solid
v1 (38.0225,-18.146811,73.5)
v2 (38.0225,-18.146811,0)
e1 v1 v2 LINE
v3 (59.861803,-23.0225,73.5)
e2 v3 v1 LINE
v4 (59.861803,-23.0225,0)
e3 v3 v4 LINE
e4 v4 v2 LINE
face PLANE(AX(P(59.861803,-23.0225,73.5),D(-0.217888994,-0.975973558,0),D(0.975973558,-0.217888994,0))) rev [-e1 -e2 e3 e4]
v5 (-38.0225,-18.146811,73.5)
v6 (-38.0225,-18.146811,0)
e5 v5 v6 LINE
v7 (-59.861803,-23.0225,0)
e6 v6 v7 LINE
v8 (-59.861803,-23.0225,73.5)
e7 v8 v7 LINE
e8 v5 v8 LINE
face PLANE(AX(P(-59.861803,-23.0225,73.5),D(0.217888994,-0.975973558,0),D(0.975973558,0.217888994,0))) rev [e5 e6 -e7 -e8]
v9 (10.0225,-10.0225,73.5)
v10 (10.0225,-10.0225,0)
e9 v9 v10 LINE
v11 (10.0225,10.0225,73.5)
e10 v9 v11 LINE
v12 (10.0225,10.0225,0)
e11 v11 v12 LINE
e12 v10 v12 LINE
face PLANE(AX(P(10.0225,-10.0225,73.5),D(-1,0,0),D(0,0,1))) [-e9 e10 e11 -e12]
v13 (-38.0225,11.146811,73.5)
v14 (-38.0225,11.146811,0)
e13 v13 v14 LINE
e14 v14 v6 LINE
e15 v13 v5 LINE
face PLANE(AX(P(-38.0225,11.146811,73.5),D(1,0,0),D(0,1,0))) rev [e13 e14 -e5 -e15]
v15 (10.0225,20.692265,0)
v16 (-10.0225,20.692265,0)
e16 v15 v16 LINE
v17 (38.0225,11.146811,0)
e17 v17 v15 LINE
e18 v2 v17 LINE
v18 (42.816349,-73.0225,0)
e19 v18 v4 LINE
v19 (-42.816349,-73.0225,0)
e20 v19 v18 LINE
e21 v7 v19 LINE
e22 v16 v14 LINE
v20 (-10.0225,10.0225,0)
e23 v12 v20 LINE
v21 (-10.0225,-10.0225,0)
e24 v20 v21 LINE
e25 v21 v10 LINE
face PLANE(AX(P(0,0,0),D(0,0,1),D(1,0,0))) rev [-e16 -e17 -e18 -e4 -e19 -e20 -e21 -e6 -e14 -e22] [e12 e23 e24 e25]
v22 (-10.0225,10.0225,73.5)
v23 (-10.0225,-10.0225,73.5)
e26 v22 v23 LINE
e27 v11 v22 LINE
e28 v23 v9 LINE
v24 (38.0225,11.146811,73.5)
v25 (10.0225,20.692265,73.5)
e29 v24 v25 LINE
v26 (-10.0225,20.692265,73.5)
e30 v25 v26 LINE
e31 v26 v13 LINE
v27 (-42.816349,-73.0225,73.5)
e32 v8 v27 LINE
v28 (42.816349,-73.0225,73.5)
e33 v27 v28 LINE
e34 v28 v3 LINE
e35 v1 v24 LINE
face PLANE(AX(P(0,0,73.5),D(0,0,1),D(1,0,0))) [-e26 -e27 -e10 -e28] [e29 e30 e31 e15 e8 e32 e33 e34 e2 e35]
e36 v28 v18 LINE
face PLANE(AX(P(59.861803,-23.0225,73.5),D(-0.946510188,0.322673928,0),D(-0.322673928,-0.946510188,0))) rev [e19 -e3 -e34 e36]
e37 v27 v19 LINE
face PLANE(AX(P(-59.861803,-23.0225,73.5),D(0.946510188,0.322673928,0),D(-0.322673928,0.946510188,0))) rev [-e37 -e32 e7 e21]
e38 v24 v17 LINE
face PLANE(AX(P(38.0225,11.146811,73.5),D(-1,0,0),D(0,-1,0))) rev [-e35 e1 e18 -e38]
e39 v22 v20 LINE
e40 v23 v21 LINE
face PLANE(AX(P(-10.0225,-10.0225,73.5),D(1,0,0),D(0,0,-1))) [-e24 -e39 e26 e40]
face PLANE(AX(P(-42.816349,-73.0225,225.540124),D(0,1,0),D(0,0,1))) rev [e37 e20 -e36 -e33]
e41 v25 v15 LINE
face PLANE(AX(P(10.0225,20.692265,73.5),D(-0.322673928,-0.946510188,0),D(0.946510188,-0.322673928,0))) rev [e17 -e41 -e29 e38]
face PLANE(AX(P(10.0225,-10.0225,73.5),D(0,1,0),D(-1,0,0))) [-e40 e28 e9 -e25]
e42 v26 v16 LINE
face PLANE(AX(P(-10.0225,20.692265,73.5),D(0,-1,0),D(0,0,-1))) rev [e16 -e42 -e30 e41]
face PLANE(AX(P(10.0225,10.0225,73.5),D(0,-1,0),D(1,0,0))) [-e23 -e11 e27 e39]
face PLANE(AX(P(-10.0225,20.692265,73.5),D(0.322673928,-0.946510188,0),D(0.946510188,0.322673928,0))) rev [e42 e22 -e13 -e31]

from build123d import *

# Parameters (mm, degrees)
SKETCH1_W                      = 20.045
SKETCH1_H                      = 20.045
BOSS_EXTRUDE1_DEPTH            = 73.5
CUT_EXTRUDE2_DEPTH             = 108.652129543
SKETCH3_RX                     = 9
SKETCH3_RY                     = 5
CUT_EXTRUDE4_DEPTH             = 108.652129543
CUT_EXTRUDE5_DEPTH             = 108.652129714
CUT_EXTRUDE5_DEPTH_BACK        = 108.652129714
SKETCH4_R                      = 7
SKETCH5_R                      = 7
CUT_EXTRUDE6_DEPTH             = 10
CUT_EXTRUDE7_START             = -10
SKETCH6_R                      = 7
CUT_EXTRUDE7_DEPTH             = 10
SKETCH7_R                      = 7.5
CUT_EXTRUDE8_DEPTH             = 10
SKETCH8_R                      = 7
CUT_EXTRUDE9_DEPTH             = 108.652129714
CUT_EXTRUDE9_DIRECTION_2_REACH = 109.652
SKETCH9_R                      = 2.75
CUT_EXTRUDE10_DEPTH            = 15
SKETCH10_R                     = 5.1
CUT_EXTRUDE11_DEPTH            = 4
SKETCH11_W                     = 20.045
SKETCH11_H                     = 20.045
BOSS_EXTRUDE2_DEPTH            = 73.5


with BuildPart() as part:
    # Sketch1 → Boss-Extrude1 (new body)
    with BuildSketch(Plane.XY):
        Polygon((59.861803254, -23.0225), (50.316348709, -51.0225), (-50.316348709, -51.0225), (-59.861803254, -23.0225), (-38.0225, -18.146810718), (-38.0225, 11.146810718), (-10.0225, 20.692265263), (0, 20.692265263), (10.0225, 20.692265263), (38.0225, 11.146810718), (38.0225, -18.146810718), align=None)
        Rectangle(SKETCH1_W, SKETCH1_H, mode=Mode.SUBTRACT)
        Polygon((-12.5, -26.0225), (12.5, -26.0225), (20, -48.0225), (-20, -48.0225), align=None, mode=Mode.SUBTRACT)
        Polygon((15.669537991, -26.0225), (23.169537991, -48.0225), (48.169537991, -48.0225), (55.669537991, -26.0225), align=None, mode=Mode.SUBTRACT)
        Polygon((-15.669537991, -26.0225), (-55.669537991, -26.0225), (-48.169537991, -48.0225), (-23.169537991, -48.0225), align=None, mode=Mode.SUBTRACT)
        Polygon((-13.0225, -23.5), (-13.0225, 16.5), (-35.0225, 9), (-35.0225, -16), align=None, mode=Mode.SUBTRACT)
        Polygon((35.0225, 9), (35.0225, -16), (13.0225, -23.5), (13.0225, 16.5), align=None, mode=Mode.SUBTRACT)
    extrude(amount=BOSS_EXTRUDE1_DEPTH)

    # Sketch2 → Cut-Extrude2 (cut, through all)
    with BuildSketch(Plane.XY):
        Polygon((-17.68804096, -24.0225), (-55.162041129, -24.0225), (-32.517435529, -18.967024579), align=None)
        Polygon((17.68804096, -24.0225), (55.162041129, -24.0225), (32.517435529, -18.967024579), align=None)
    extrude(amount=CUT_EXTRUDE2_DEPTH, mode=Mode.SUBTRACT)

    # Sketch3 → Cut-Extrude4 (cut, through all)
    with BuildSketch(Plane.XY):
        with Locations((0, -18)):
            Ellipse(SKETCH3_RX, SKETCH3_RY)
    extrude(amount=CUT_EXTRUDE4_DEPTH, mode=Mode.SUBTRACT)

    # Sketch4 → Cut-Extrude5 (cut, two sides: drawn at the far end of the back side and taken through both)
    with BuildSketch(Plane(origin=(0, 0, 0), x_dir=(0, 0, -1), z_dir=(1, 0, 0)).offset(-CUT_EXTRUDE5_DEPTH_BACK)):
        with Locations(Location((-36.75, -36.52, 0), (0, 0, 270))):
            Circle(SKETCH4_R)
        with Locations(Location((-58.75, -36.52, 0), (0, 0, 270))):
            Circle(SKETCH4_R)
        with Locations(Location((-14.75, -36.52, 0), (0, 0, 270))):
            Circle(SKETCH4_R)
    extrude(amount=CUT_EXTRUDE5_DEPTH + CUT_EXTRUDE5_DEPTH_BACK, mode=Mode.SUBTRACT)

    # Sketch5 → Cut-Extrude6 (cut)
    with BuildSketch(Plane(origin=(38.0225, 0, 0), x_dir=(0, 0, -1), z_dir=(1, 0, 0))):
        with Locations(Location((-36.75, -3.5, 0), (0, 0, 90))):
            Circle(SKETCH5_R)
        with Locations(Location((-14.75, -3.5, 0), (0, 0, 90))):
            Circle(SKETCH5_R)
        with Locations(Location((-58.75, -3.5, 0), (0, 0, 90))):
            Circle(SKETCH5_R)
    extrude(amount=-CUT_EXTRUDE6_DEPTH, mode=Mode.SUBTRACT)

    # Sketch6 → Cut-Extrude7 (cut)
    with BuildSketch(Plane.ZY.offset(38.0225).offset(CUT_EXTRUDE7_START)):
        with Locations(Location((36.75, -3.5, 0), (0, 0, 90))):
            Circle(SKETCH6_R)
        with Locations(Location((58.75, -3.5, 0), (0, 0, 90))):
            Circle(SKETCH6_R)
        with Locations(Location((14.75, -3.5, 0), (0, 0, 90))):
            Circle(SKETCH6_R)
    extrude(amount=CUT_EXTRUDE7_DEPTH, mode=Mode.SUBTRACT)

    # Sketch7 → Cut-Extrude8 (cut)
    with BuildSketch(Plane.XZ.offset(51.0225)):
        with Locations((0, 36.75)):
            Circle(SKETCH7_R)
        with Locations((35.16, 36.75)):
            Circle(SKETCH7_R)
        with Locations((-35.16, 36.75)):
            Circle(SKETCH7_R)
        with Locations((0, 58.75)):
            Circle(SKETCH7_R)
        with Locations((35.16, 58.75)):
            Circle(SKETCH7_R)
        with Locations((-35.16, 58.75)):
            Circle(SKETCH7_R)
        with Locations((0, 14.75)):
            Circle(SKETCH7_R)
        with Locations((35.16, 14.75)):
            Circle(SKETCH7_R)
        with Locations((-35.16, 14.75)):
            Circle(SKETCH7_R)
    extrude(amount=-CUT_EXTRUDE8_DEPTH, mode=Mode.SUBTRACT)

    # Sketch8 → Cut-Extrude9 (cut)
    with BuildSketch(Plane(origin=(0, 0, 0), x_dir=(1, 0, 0), z_dir=(0, 1, 0))):
        with Locations(Location((23.52, -36.75, 0), (0, 0, 146.422345946))):
            Circle(SKETCH8_R)
        with Locations(Location((23.52, -14.75, 0), (0, 0, 146.422345946))):
            Circle(SKETCH8_R)
        with Locations(Location((23.52, -58.75, 0), (0, 0, 146.422345946))):
            Circle(SKETCH8_R)
        with Locations(Location((-23.52, -58.75, 0), (0, 0, 33.577654054))):
            Circle(SKETCH8_R)
        with Locations(Location((-23.52, -14.75, 0), (0, 0, 33.577654054))):
            Circle(SKETCH8_R)
        with Locations(Location((-23.52, -36.75, 0), (0, 0, 33.577654054))):
            Circle(SKETCH8_R)
    extrude(amount=CUT_EXTRUDE9_DEPTH, mode=Mode.SUBTRACT)

    # Cut-Extrude9 direction 2: up to this face of the body (flat: up to its plane)
    cut_extrude9_direction_2_end = Plane(part.part.faces().sort_by_distance((-36.425041044, -24.0225, 36.75))[0])
    # Sketch8 → Cut-Extrude9 direction 2 (cut, up to the picked face)
    with BuildSketch(Plane(origin=(0, 0, 0), x_dir=(1, 0, 0), z_dir=(0, 1, 0)), mode=Mode.PRIVATE) as cut_extrude9_direction_2_sk1:
        with Locations(Location((23.52, -36.75, 0), (0, 0, 146.422345946))):
            Circle(SKETCH8_R)
    cut_extrude9_direction_2_tool1 = split(extrude(cut_extrude9_direction_2_sk1.sketch, amount=-CUT_EXTRUDE9_DIRECTION_2_REACH, mode=Mode.PRIVATE), bisect_by=cut_extrude9_direction_2_end, keep=Keep.BOTH, mode=Mode.PRIVATE)
    # Sketch8 → Cut-Extrude9 direction 2 (cut, up to the picked face)
    with BuildSketch(Plane(origin=(0, 0, 0), x_dir=(1, 0, 0), z_dir=(0, 1, 0)), mode=Mode.PRIVATE) as cut_extrude9_direction_2_sk2:
        with Locations(Location((23.52, -14.75, 0), (0, 0, 146.422345946))):
            Circle(SKETCH8_R)
    cut_extrude9_direction_2_tool2 = split(extrude(cut_extrude9_direction_2_sk2.sketch, amount=-CUT_EXTRUDE9_DIRECTION_2_REACH, mode=Mode.PRIVATE), bisect_by=cut_extrude9_direction_2_end, keep=Keep.BOTH, mode=Mode.PRIVATE)
    # Sketch8 → Cut-Extrude9 direction 2 (cut, up to the picked face)
    with BuildSketch(Plane(origin=(0, 0, 0), x_dir=(1, 0, 0), z_dir=(0, 1, 0)), mode=Mode.PRIVATE) as cut_extrude9_direction_2_sk3:
        with Locations(Location((23.52, -58.75, 0), (0, 0, 146.422345946))):
            Circle(SKETCH8_R)
    cut_extrude9_direction_2_tool3 = split(extrude(cut_extrude9_direction_2_sk3.sketch, amount=-CUT_EXTRUDE9_DIRECTION_2_REACH, mode=Mode.PRIVATE), bisect_by=cut_extrude9_direction_2_end, keep=Keep.BOTH, mode=Mode.PRIVATE)
    # Sketch8 → Cut-Extrude9 direction 2 (cut, up to the picked face)
    with BuildSketch(Plane(origin=(0, 0, 0), x_dir=(1, 0, 0), z_dir=(0, 1, 0)), mode=Mode.PRIVATE) as cut_extrude9_direction_2_sk4:
        with Locations(Location((-23.52, -58.75, 0), (0, 0, 33.577654054))):
            Circle(SKETCH8_R)
    cut_extrude9_direction_2_tool4 = split(extrude(cut_extrude9_direction_2_sk4.sketch, amount=-CUT_EXTRUDE9_DIRECTION_2_REACH, mode=Mode.PRIVATE), bisect_by=cut_extrude9_direction_2_end, keep=Keep.BOTH, mode=Mode.PRIVATE)
    # Sketch8 → Cut-Extrude9 direction 2 (cut, up to the picked face)
    with BuildSketch(Plane(origin=(0, 0, 0), x_dir=(1, 0, 0), z_dir=(0, 1, 0)), mode=Mode.PRIVATE) as cut_extrude9_direction_2_sk5:
        with Locations(Location((-23.52, -14.75, 0), (0, 0, 33.577654054))):
            Circle(SKETCH8_R)
    cut_extrude9_direction_2_tool5 = split(extrude(cut_extrude9_direction_2_sk5.sketch, amount=-CUT_EXTRUDE9_DIRECTION_2_REACH, mode=Mode.PRIVATE), bisect_by=cut_extrude9_direction_2_end, keep=Keep.BOTH, mode=Mode.PRIVATE)
    # Sketch8 → Cut-Extrude9 direction 2 (cut, up to the picked face)
    with BuildSketch(Plane(origin=(0, 0, 0), x_dir=(1, 0, 0), z_dir=(0, 1, 0)), mode=Mode.PRIVATE) as cut_extrude9_direction_2_sk6:
        with Locations(Location((-23.52, -36.75, 0), (0, 0, 33.577654054))):
            Circle(SKETCH8_R)
    cut_extrude9_direction_2_tool6 = split(extrude(cut_extrude9_direction_2_sk6.sketch, amount=-CUT_EXTRUDE9_DIRECTION_2_REACH, mode=Mode.PRIVATE), bisect_by=cut_extrude9_direction_2_end, keep=Keep.BOTH, mode=Mode.PRIVATE)
    add(cut_extrude9_direction_2_tool1.solids().sort_by(Axis((23.52, 0, 36.75), (0, -1, 0)))[0], mode=Mode.SUBTRACT)
    add(cut_extrude9_direction_2_tool2.solids().sort_by(Axis((23.52, 0, 14.75), (0, -1, 0)))[0], mode=Mode.SUBTRACT)
    add(cut_extrude9_direction_2_tool3.solids().sort_by(Axis((23.52, 0, 58.75), (0, -1, 0)))[0], mode=Mode.SUBTRACT)
    add(cut_extrude9_direction_2_tool4.solids().sort_by(Axis((-23.52, 0, 58.75), (0, -1, 0)))[0], mode=Mode.SUBTRACT)
    add(cut_extrude9_direction_2_tool5.solids().sort_by(Axis((-23.52, 0, 14.75), (0, -1, 0)))[0], mode=Mode.SUBTRACT)
    add(cut_extrude9_direction_2_tool6.solids().sort_by(Axis((-23.52, 0, 36.75), (0, -1, 0)))[0], mode=Mode.SUBTRACT)

    # Sketch9 → Cut-Extrude10 (cut)
    with BuildSketch(Plane(origin=(0, 20.692265263, 0), x_dir=(1, 0, 0), z_dir=(0, 1, 0))):
        with Locations(Location((0, -10, 0), (0, 0, 180))):
            Circle(SKETCH9_R)
        with Locations((0, -63.5)):
            Circle(SKETCH9_R)
    extrude(amount=-CUT_EXTRUDE10_DEPTH, mode=Mode.SUBTRACT)

    # Sketch10 → Cut-Extrude11 (cut)
    with BuildSketch(Plane(origin=(0, 20.692265263, 0), x_dir=(1, 0, 0), z_dir=(0, 1, 0))):
        with Locations(Location((0, -10, 0), (0, 0, 180))):
            Circle(SKETCH10_R)
        with Locations(Location((0, -63.5, 0), (0, 0, 180))):
            Circle(SKETCH10_R)
    extrude(amount=-CUT_EXTRUDE11_DEPTH, mode=Mode.SUBTRACT)

    # Sketch11 → Boss-Extrude2 (add)
    with BuildSketch(Plane.XY):
        Polygon((-50.316348709, -51.0225), (-42.816348709, -73.0225), (42.816348709, -73.0225), (50.316348709, -51.0225), (59.861803254, -23.0225), (38.0225, -18.146810718), (38.0225, 11.146810718), (10.0225, 20.692265263), (-10.0225, 20.692265263), (-38.0225, 11.146810718), (-38.0225, -18.146810718), (-59.861803254, -23.0225), align=None)
        Rectangle(SKETCH11_W, SKETCH11_H, mode=Mode.SUBTRACT)
    extrude(amount=BOSS_EXTRUDE2_DEPTH)


solid = part.part
